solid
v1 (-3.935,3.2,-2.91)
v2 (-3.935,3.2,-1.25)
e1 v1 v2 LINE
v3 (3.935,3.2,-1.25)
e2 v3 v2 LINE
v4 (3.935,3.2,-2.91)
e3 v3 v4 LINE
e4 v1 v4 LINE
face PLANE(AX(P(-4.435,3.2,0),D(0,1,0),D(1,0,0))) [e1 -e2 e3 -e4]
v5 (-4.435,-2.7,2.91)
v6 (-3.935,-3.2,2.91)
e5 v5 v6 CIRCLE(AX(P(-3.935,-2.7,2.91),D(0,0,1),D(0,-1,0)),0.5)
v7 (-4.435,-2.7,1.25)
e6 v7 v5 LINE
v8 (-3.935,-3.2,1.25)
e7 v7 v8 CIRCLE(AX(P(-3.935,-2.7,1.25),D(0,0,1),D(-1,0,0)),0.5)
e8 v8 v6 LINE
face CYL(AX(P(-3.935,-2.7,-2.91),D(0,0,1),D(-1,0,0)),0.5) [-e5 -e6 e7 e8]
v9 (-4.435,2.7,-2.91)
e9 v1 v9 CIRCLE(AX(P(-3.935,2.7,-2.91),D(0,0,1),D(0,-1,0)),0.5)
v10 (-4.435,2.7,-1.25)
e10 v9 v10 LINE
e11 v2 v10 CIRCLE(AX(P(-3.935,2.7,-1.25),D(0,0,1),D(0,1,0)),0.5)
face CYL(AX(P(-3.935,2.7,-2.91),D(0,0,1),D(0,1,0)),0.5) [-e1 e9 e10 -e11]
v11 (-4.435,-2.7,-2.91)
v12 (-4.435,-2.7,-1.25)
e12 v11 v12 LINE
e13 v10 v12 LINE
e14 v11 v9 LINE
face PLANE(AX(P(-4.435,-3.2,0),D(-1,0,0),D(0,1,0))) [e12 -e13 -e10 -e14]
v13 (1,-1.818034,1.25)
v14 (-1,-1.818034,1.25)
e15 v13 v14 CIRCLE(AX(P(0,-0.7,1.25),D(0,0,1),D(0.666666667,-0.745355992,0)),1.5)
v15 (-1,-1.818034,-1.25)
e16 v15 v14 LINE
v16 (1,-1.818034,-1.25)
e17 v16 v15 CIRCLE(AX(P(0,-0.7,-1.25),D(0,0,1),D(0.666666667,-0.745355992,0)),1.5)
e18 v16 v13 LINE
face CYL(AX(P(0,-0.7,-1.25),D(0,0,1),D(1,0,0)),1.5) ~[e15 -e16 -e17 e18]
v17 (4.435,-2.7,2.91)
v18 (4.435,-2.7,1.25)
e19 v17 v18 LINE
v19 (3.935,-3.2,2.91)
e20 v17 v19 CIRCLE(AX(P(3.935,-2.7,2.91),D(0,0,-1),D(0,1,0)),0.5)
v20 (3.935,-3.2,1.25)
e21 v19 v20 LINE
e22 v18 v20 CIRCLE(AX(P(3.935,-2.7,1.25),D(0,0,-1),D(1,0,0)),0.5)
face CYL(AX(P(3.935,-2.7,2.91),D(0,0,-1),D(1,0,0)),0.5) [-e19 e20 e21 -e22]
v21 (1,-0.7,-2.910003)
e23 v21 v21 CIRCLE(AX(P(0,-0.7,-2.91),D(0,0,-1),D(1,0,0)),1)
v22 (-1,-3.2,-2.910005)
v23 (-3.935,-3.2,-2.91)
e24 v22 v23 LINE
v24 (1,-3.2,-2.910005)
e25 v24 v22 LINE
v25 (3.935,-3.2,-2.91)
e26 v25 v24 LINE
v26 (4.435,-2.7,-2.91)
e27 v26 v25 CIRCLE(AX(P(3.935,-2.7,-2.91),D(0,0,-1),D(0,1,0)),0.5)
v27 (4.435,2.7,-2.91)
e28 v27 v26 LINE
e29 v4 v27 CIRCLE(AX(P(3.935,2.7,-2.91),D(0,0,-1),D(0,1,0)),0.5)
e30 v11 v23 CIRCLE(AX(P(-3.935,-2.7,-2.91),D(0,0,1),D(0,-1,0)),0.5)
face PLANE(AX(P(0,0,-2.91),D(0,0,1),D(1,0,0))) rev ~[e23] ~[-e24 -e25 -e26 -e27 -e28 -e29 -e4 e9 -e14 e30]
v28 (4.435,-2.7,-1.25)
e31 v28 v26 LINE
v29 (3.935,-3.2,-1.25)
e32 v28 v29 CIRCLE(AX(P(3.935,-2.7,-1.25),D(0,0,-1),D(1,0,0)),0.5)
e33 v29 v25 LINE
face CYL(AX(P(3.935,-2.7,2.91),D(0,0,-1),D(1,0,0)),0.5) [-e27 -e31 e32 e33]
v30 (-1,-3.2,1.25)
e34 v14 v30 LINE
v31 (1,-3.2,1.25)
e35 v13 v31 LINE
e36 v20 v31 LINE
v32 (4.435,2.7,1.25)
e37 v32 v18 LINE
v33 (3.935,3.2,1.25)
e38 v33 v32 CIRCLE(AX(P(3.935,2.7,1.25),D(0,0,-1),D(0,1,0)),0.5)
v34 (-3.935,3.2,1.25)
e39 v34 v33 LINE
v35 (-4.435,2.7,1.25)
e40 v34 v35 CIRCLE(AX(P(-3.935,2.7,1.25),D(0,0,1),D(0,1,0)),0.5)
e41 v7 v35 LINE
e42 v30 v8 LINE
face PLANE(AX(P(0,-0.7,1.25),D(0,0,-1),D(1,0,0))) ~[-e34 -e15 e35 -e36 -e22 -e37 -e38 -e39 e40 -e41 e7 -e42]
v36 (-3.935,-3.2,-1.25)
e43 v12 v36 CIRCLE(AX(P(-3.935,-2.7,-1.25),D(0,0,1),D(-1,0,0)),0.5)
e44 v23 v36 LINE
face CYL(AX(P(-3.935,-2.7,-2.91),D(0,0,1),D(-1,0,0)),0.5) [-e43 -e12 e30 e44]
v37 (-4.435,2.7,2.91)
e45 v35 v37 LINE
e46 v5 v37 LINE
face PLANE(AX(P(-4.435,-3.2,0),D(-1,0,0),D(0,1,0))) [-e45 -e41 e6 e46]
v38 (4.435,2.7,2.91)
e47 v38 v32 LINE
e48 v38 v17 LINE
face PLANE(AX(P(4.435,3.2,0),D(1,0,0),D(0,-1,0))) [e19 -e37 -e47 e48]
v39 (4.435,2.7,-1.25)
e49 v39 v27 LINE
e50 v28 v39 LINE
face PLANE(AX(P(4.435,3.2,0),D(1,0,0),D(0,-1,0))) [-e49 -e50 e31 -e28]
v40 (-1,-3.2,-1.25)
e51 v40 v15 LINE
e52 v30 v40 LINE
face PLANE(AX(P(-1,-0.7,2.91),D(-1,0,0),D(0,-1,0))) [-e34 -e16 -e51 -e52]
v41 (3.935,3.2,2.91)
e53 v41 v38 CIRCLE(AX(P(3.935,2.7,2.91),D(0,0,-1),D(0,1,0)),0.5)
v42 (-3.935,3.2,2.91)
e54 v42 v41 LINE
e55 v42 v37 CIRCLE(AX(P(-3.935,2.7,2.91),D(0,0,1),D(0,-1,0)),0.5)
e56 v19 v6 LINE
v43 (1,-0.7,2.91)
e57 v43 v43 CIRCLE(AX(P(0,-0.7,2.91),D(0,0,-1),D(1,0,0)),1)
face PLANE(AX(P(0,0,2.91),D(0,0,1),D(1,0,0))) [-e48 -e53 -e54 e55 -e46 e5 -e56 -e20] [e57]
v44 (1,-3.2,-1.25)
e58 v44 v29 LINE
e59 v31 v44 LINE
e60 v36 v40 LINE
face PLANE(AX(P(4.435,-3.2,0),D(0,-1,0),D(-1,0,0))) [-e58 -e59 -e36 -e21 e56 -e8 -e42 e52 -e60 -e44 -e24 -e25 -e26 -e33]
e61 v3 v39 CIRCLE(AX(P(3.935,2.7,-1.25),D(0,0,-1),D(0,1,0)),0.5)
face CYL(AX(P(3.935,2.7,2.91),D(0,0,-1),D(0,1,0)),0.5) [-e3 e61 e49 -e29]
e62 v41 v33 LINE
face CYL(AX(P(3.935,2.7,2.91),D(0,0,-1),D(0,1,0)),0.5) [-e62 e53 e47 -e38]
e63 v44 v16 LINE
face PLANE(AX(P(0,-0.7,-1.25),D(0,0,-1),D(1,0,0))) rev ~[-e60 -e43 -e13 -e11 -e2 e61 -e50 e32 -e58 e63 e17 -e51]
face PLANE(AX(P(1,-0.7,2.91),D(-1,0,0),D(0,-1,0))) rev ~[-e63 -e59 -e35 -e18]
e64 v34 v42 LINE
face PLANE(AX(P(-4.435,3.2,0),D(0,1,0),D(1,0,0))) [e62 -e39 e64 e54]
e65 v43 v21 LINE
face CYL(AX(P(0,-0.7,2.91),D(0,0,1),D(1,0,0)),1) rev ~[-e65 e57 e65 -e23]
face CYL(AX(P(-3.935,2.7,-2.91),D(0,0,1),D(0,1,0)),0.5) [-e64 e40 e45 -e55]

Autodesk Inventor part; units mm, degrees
ref_plane "YZ Plane" through (0, 0, 0) normal (1, 0, 0) x (0, 1, 0)
ref_plane "XZ Plane" through (0, 0, 0) normal (0, 1, 0) x (-1, 0, 0)
sketch "Sketch1" plane through (0, 0, 0) normal (0, 0, 1) x (1, 0, 0)
  line L0 (-4.435, 3.2) -> (4.435, 3.2)
  line L1 (4.435, 3.2) -> (4.435, -3.2)
  line L2 (4.435, -3.2) -> (-4.435, -3.2)
  line L3 (-4.435, -3.2) -> (-4.435, 3.2)
  line L4 (0, 0) -> (4.435, 0) construction
  line L5 (0, 0) -> (0, -3.2) construction
  line L6 (0, 0) -> (0, 3.2) construction
  line L7 (0, 0) -> (-4.435, 0) construction
  dimension "d0" = 8.87
  dimension "d1" = 6.4
extrude "Extrusion1" add sketch "Sketch1" along normal mid plane 5.82
fillet "Fillet1" radius 0.5 4 edges at (4.435, -3.2, 0) (4.435, 3.2, 0) (-4.435, 3.2, 0) (-4.435, -3.2, 0)
sketch "Sketch2" plane through (0, 0, 2.91) normal (0, 0, 1) x (1, 0, 0)
  line L0 (-3.935, 3.2) -> (3.935, 3.2) projected
  circle A0 centre (0, -0.7) radius 1
  point P0 (0, 0)
  dimension "d5" = 3.9
  dimension "d6" = 2
extrude "Extrusion2" cut sketch "Sketch2" against normal through all
ref_plane "Work Plane1" through (-3.935, -0.7, 2.91) normal (0, 1, 0) x (1, 0, 0)
sketch "Sketch5" plane through (-3.935, -0.7, 2.91) normal (0, 1, 0) x (1, 0, 0)
  line L0 (5.435, 1.66) -> (10.1042, 1.66)
  line L1 (10.1042, 1.66) -> (10.1042, 4.16)
  line L2 (10.1042, 4.16) -> (5.435, 4.16)
  line L3 (5.435, 4.16) -> (5.435, 1.66)
  line L4 (3.935, -1.746) -> (3.935, 6.402) projected
  line L5 (7.87, 0) -> (0, 0) projected
  line L6 (0, 5.82) -> (7.87, 5.82) projected
  dimension "d10" = 1.5
  dimension "d11" = 1.66
  dimension "d12" = 1.66
revolve "Revolution1" cut sketch "Sketch5" angle 360 about axis through (0, -0.7, 2.91) along (0, 0, -1)
sketch "Sketch6" plane through (0, 0, 2.91) normal (0, 0, 1) x (1, 0, 0)
  circle A0 centre (0, -0.7) radius 1 projected
  line L0 (3.935, -3.2) -> (-3.935, -3.2) projected
  line L1 (-1, -0.7) -> (-1, -3.2)
  line L2 (1, -0.7) -> (1, -3.2)
extrude "Extrusion3" add sketch "Sketch6" against normal through all contours L2 L0 L1 A0
properties part number "Servo Isolation Mounts1" material "ABS Plastic"
